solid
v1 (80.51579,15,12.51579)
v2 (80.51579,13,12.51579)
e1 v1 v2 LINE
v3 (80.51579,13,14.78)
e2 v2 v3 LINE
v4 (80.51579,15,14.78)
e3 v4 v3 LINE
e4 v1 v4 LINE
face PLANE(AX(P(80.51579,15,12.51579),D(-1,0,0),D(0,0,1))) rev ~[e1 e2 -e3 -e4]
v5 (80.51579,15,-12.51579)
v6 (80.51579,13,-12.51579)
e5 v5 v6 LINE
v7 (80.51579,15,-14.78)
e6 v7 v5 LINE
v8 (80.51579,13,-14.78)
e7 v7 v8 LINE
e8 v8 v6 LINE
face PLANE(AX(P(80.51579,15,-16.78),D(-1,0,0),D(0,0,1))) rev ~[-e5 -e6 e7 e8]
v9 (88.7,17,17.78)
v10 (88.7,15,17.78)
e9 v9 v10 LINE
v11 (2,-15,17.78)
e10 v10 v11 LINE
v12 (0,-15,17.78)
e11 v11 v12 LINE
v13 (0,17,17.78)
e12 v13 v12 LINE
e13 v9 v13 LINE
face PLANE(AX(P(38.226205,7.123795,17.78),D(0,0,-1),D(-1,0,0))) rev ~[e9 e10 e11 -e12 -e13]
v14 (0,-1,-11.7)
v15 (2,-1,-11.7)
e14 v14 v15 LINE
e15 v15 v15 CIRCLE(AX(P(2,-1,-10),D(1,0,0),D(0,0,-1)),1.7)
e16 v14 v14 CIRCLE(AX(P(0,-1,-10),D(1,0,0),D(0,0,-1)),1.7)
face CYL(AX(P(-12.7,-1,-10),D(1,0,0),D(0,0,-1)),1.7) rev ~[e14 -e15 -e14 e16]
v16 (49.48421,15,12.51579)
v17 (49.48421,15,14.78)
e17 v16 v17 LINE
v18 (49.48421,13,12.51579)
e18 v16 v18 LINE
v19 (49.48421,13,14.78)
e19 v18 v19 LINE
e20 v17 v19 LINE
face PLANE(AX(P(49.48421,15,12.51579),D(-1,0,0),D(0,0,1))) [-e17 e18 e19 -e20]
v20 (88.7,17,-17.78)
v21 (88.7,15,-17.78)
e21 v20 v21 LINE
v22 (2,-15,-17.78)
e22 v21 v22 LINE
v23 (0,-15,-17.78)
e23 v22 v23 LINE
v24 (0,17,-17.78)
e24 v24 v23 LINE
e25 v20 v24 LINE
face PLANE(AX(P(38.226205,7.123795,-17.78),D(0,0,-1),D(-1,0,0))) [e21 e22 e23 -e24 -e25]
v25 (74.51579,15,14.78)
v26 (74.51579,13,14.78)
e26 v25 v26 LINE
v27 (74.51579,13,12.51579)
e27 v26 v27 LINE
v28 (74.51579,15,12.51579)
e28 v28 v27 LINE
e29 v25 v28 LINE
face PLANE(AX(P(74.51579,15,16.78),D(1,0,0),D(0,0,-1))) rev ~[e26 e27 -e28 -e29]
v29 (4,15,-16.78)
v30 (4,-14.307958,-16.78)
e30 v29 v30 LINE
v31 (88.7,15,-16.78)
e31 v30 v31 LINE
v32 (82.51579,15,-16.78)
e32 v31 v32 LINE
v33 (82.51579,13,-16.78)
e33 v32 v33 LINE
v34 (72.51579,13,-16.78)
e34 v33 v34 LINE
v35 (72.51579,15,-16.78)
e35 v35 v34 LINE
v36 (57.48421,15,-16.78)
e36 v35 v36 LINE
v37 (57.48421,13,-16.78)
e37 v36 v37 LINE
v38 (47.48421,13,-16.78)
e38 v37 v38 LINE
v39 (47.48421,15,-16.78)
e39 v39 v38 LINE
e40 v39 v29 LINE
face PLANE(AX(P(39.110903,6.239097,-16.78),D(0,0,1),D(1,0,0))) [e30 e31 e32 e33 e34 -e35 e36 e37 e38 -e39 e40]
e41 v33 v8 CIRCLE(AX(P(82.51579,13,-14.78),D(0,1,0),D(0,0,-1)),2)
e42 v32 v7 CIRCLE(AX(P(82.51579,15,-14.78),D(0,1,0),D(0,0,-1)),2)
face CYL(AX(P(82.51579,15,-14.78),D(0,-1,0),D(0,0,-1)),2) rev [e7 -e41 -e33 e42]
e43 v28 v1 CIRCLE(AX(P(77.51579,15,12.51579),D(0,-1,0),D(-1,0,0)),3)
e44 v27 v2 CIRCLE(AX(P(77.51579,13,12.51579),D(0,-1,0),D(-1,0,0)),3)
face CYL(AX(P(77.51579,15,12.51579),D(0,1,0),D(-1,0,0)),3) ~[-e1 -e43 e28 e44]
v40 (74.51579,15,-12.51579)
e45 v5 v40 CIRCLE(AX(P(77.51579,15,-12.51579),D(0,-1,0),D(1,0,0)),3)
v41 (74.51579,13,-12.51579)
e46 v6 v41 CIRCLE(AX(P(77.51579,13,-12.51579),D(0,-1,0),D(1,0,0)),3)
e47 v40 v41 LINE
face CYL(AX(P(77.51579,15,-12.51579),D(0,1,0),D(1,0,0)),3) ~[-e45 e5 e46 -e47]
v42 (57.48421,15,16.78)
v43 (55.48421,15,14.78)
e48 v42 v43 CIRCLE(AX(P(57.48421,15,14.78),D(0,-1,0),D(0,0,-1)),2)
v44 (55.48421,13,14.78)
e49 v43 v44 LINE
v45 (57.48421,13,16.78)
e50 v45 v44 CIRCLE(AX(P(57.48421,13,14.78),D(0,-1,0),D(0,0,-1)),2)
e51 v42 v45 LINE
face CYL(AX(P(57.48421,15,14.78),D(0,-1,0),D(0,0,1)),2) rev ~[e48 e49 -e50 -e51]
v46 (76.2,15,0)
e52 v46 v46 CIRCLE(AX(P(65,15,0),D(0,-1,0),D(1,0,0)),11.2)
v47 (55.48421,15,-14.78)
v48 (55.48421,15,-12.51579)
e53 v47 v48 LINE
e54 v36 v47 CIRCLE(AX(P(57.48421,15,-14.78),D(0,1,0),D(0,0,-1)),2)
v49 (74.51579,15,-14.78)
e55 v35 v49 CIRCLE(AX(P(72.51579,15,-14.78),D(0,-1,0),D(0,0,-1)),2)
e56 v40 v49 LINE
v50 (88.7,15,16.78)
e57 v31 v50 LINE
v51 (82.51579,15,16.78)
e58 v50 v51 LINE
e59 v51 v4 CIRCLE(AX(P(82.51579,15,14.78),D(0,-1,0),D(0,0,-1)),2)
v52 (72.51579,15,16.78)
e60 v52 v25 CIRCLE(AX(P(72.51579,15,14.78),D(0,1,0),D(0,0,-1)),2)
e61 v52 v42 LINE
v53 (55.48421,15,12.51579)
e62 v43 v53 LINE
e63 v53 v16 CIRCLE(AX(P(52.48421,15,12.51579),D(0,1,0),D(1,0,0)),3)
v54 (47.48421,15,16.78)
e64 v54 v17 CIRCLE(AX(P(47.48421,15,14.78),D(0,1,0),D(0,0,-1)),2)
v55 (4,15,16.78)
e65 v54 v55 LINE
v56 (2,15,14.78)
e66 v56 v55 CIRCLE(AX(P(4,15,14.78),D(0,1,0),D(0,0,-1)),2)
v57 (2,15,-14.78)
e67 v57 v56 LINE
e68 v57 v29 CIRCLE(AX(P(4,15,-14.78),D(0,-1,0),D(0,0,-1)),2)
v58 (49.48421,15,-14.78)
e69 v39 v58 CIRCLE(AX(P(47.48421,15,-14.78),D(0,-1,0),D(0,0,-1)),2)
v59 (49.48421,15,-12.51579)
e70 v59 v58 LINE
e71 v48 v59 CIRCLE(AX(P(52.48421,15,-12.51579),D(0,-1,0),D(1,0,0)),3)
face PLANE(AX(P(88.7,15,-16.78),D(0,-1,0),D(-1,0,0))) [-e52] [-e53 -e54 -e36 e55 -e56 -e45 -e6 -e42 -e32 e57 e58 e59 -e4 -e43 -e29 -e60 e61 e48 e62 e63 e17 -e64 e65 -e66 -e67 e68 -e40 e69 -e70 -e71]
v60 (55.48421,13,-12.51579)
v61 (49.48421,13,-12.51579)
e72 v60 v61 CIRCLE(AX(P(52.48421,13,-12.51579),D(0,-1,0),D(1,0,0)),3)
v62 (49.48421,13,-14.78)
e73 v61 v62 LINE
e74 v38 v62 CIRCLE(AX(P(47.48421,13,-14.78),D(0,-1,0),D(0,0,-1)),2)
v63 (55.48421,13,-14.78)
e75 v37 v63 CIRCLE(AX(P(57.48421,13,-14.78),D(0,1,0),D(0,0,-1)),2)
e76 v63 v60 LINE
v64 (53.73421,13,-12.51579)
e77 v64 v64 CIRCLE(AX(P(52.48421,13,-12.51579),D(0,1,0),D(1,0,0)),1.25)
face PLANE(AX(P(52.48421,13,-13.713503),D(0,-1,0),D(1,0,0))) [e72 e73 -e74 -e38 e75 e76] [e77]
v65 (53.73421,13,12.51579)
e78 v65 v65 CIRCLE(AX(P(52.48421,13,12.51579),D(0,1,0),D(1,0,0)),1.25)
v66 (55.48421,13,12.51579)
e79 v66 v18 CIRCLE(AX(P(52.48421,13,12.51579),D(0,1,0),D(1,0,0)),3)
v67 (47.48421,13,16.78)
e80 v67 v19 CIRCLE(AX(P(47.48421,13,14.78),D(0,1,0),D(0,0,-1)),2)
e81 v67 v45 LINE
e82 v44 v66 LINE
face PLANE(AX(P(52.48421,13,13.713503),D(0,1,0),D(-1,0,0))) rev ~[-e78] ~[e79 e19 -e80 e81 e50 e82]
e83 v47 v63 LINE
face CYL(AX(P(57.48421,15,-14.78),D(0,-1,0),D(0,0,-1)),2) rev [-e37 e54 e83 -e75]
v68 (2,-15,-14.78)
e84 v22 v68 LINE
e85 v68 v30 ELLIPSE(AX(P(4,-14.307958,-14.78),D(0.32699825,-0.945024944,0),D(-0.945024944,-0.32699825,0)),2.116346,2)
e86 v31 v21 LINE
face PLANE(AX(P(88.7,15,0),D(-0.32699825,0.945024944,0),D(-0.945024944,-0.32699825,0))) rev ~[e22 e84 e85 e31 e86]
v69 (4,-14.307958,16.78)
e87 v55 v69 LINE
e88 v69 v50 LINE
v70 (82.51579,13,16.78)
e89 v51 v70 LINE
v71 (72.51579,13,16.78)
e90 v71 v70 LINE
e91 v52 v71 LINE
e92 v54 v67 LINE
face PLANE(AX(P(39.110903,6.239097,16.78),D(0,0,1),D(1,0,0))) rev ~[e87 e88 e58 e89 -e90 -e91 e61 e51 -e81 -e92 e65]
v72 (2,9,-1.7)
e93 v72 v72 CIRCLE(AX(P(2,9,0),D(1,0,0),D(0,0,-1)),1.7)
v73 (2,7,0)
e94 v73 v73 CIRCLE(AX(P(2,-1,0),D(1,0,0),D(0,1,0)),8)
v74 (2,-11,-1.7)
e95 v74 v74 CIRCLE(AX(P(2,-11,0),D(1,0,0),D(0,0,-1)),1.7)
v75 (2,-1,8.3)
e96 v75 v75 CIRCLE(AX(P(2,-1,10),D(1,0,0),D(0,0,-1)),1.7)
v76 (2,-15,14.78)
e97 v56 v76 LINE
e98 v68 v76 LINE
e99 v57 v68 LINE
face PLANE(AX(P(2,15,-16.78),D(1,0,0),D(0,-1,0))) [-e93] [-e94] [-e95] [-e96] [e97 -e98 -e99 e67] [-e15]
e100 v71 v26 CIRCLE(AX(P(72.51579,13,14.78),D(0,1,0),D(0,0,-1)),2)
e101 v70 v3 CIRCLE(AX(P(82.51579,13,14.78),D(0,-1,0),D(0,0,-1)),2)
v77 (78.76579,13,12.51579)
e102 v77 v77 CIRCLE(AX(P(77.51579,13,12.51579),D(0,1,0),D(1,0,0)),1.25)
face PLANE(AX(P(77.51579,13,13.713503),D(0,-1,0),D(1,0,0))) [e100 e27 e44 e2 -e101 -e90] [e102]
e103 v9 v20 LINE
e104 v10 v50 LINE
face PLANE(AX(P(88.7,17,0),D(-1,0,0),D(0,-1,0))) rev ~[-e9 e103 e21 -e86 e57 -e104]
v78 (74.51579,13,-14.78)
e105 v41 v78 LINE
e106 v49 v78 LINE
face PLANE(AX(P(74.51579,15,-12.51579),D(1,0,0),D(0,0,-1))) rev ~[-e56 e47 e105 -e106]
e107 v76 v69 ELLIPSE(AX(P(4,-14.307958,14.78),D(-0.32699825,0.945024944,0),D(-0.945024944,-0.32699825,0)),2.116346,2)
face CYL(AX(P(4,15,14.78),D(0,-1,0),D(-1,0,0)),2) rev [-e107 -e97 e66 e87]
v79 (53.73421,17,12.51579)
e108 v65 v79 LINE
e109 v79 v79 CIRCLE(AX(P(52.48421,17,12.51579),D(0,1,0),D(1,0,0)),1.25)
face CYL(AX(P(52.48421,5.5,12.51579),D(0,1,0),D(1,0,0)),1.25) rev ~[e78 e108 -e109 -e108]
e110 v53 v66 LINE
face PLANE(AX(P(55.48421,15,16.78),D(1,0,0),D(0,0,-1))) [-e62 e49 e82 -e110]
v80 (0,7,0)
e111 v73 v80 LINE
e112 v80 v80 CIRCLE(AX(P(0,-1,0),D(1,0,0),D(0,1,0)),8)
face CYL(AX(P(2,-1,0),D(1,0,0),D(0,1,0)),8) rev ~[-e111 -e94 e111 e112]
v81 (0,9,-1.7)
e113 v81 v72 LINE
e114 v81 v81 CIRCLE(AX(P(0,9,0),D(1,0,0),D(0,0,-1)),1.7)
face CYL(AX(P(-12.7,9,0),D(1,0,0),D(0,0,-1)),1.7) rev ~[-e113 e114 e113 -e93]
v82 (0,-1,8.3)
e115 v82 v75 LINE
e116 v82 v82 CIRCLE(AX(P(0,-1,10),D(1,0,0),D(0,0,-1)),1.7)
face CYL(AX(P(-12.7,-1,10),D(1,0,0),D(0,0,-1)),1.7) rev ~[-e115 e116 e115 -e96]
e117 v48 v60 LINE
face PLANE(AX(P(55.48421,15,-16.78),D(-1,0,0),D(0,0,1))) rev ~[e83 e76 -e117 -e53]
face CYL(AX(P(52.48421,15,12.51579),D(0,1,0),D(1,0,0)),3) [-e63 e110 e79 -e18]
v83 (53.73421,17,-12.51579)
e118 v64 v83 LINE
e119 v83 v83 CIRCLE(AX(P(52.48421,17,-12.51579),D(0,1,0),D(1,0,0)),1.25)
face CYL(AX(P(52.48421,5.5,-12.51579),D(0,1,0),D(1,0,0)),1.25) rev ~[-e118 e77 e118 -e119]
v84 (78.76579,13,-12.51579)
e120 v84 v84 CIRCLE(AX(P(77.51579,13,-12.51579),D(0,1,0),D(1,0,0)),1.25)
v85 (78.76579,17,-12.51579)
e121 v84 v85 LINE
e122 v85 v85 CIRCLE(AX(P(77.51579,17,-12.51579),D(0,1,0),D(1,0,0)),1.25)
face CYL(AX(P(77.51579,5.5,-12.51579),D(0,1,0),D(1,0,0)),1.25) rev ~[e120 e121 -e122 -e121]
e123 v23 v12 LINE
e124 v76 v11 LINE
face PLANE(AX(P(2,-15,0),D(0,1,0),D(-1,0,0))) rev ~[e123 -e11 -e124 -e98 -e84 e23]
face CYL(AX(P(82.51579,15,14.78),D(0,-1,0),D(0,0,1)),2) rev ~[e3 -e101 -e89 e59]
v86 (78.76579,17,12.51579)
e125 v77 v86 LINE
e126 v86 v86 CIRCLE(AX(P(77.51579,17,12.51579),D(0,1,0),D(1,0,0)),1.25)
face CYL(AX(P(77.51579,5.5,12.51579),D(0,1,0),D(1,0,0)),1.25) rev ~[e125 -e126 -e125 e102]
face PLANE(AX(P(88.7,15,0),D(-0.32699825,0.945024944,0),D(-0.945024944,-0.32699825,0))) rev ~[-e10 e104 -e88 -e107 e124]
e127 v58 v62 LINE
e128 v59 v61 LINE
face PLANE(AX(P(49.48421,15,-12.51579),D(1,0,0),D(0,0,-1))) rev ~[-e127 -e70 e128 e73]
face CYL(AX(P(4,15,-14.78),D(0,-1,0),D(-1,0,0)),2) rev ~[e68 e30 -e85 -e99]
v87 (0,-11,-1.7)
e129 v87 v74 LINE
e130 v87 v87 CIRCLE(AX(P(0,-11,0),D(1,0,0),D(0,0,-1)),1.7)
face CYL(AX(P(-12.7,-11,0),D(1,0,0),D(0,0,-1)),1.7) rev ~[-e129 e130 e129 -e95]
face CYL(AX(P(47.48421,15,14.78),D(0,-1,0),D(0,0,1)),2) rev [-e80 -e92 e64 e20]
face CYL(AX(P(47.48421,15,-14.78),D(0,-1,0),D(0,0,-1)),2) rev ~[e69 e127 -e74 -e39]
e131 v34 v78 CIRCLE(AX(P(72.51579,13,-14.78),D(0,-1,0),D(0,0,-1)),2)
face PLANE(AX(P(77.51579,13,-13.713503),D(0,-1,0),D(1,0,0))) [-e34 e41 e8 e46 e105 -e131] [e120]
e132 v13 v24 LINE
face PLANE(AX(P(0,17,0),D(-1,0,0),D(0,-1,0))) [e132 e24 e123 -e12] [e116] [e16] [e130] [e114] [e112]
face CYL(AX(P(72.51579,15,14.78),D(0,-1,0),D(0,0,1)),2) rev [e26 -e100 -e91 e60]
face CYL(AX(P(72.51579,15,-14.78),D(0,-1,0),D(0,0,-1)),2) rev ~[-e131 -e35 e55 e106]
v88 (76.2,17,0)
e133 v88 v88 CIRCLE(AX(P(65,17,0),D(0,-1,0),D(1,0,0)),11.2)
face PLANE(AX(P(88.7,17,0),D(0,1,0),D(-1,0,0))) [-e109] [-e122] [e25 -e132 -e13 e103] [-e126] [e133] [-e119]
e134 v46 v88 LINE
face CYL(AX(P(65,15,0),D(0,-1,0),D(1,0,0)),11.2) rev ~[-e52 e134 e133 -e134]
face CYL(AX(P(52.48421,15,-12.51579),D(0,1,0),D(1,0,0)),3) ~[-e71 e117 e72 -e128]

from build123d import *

# Parameters (mm, degrees)
BOSS_EXTRUDE1_DEPTH       = 17.78
CUT_EXTRUDE1_DEPTH        = 16.78
CUT_EXTRUDE1_DEPTH_BACK   = 16.78
SKETCH4_R                 = 8
CUT_EXTRUDE2_DEPTH        = 91.122241428
SKETCH5_R                 = 11.2
CUT_EXTRUDE3_DEPTH        = 96.309067774
BOSS_EXTRUDE2_DEPTH       = 2
M3X0_5_TAPPED_HOLE2_D     = 2.5
M3X0_5_TAPPED_HOLE2_DEPTH = 7.5
M3X0_5_TAPPED_HOLE2_TIP   = 0.751075774
FILLET6_R                 = 2
M3_CLEARANCE_HOLE1_D      = 3.4
M3_CLEARANCE_HOLE1_DEPTH  = 12.7


with BuildPart() as part:
    # Sketch1 → Boss-Extrude1 (new, symmetric)
    with BuildSketch(Plane.XY):
        Polygon((0, -15), (0, 15), (0, 17), (2, 17), (88.7, 17), (88.7, 15), (2, -15), align=None)
    extrude(amount=BOSS_EXTRUDE1_DEPTH, both=True)

    # Sketch2 → Cut-Extrude1 (cut, two sides: drawn at the far end of the back side and taken through both)
    with BuildSketch(Plane.XY.offset(-CUT_EXTRUDE1_DEPTH_BACK)):
        Polygon((2, 15), (2, -15), (88.7, 15), align=None)
    extrude(amount=CUT_EXTRUDE1_DEPTH + CUT_EXTRUDE1_DEPTH_BACK, mode=Mode.SUBTRACT)

    # Sketch4 → Cut-Extrude2 (cut, through all)
    with BuildSketch(Plane(origin=(2, 0, 0), x_dir=(0, 0, -1), z_dir=(1, 0, 0))):
        with Locations(Location((0, -1, 0), (0, 0, 90))):
            Circle(SKETCH4_R)
    extrude(amount=-CUT_EXTRUDE2_DEPTH, mode=Mode.SUBTRACT)

    # Sketch5 → Cut-Extrude3 (cut, through all)
    with BuildSketch(Plane.XZ.offset(-15)):
        with Locations((65, 0)):
            Circle(SKETCH5_R)
    extrude(amount=-CUT_EXTRUDE3_DEPTH, mode=Mode.SUBTRACT)

    # Sketch7 → Boss-Extrude2 (add)
    with BuildSketch(Plane.XZ.offset(-15)):
        with BuildLine():
            Line((49.484209973, -12.515790027), (49.484209973, -16.78))
            Line((49.484209973, -16.78), (55.484209973, -16.78))
            Line((55.484209973, -16.78), (55.484209973, -12.515790027))
            ThreePointArc((55.484209973, -12.515790027), (52.484209973, -9.515790027), (49.484209973, -12.515790027))
        make_face()
        with BuildLine():
            Line((74.515790027, -12.515790027), (74.515790027, -16.78))
            Line((74.515790027, -16.78), (80.515790027, -16.78))
            Line((80.515790027, -16.78), (80.515790027, -12.515790027))
            ThreePointArc((80.515790027, -12.515790027), (77.515790027, -9.515790027), (74.515790027, -12.515790027))
        make_face()
        with BuildLine():
            Line((80.515790027, 12.515790027), (80.515790027, 16.78))
            Line((80.515790027, 16.78), (74.515790027, 16.78))
            Line((74.515790027, 16.78), (74.515790027, 12.515790027))
            ThreePointArc((74.515790027, 12.515790027), (77.515790027, 9.515790027), (80.515790027, 12.515790027))
        make_face()
        with BuildLine():
            Line((49.484209973, 12.515790027), (49.484209973, 16.78))
            Line((49.484209973, 16.78), (55.484209973, 16.78))
            Line((55.484209973, 16.78), (55.484209973, 12.515790027))
            ThreePointArc((55.484209973, 12.515790027), (52.484209973, 9.515790027), (49.484209973, 12.515790027))
        make_face()
    extrude(amount=BOSS_EXTRUDE2_DEPTH)

    # M3x0.5 Tapped Hole2
    with Locations(Plane(origin=(0, 13, 0), x_dir=(-1, 0, 0), z_dir=(0, -1, 0))):
        with Locations((-52.484209973, -12.515790027), (-77.515790027, -12.515790027), (-77.515790027, 12.515790027), (-52.484209973, 12.515790027)):
            Hole(M3X0_5_TAPPED_HOLE2_D / 2, depth=M3X0_5_TAPPED_HOLE2_DEPTH)
            with Locations((0, 0, -(M3X0_5_TAPPED_HOLE2_DEPTH + M3X0_5_TAPPED_HOLE2_TIP / 2))):  # 118° drill point
                Cone(0, M3X0_5_TAPPED_HOLE2_D / 2, M3X0_5_TAPPED_HOLE2_TIP, mode=Mode.SUBTRACT)

    # Fillet6
    fillet6_edges = [part.edges().sort_by_distance(p)[0] for p in [
        (2, 0, -16.78),
        (2, 0, 16.78),
        (49.484209973, 14, -16.78),
        (55.484209973, 14, -16.78),
        (74.515790027, 14, -16.78),
        (80.515790027, 14, -16.78),
        (80.515790027, 14, 16.78),
        (74.515790027, 14, 16.78),
        (55.484209973, 14, 16.78),
        (49.484209973, 14, 16.78),
    ]]
    fillet(fillet6_edges, radius=FILLET6_R)

    # M3 Clearance Hole1
    with Locations(Plane.ZY):
        with Locations((0, 9), (10, -1), (0, -11), (-10, -1)):
            Hole(M3_CLEARANCE_HOLE1_D / 2, depth=M3_CLEARANCE_HOLE1_DEPTH)


solid = part.part
